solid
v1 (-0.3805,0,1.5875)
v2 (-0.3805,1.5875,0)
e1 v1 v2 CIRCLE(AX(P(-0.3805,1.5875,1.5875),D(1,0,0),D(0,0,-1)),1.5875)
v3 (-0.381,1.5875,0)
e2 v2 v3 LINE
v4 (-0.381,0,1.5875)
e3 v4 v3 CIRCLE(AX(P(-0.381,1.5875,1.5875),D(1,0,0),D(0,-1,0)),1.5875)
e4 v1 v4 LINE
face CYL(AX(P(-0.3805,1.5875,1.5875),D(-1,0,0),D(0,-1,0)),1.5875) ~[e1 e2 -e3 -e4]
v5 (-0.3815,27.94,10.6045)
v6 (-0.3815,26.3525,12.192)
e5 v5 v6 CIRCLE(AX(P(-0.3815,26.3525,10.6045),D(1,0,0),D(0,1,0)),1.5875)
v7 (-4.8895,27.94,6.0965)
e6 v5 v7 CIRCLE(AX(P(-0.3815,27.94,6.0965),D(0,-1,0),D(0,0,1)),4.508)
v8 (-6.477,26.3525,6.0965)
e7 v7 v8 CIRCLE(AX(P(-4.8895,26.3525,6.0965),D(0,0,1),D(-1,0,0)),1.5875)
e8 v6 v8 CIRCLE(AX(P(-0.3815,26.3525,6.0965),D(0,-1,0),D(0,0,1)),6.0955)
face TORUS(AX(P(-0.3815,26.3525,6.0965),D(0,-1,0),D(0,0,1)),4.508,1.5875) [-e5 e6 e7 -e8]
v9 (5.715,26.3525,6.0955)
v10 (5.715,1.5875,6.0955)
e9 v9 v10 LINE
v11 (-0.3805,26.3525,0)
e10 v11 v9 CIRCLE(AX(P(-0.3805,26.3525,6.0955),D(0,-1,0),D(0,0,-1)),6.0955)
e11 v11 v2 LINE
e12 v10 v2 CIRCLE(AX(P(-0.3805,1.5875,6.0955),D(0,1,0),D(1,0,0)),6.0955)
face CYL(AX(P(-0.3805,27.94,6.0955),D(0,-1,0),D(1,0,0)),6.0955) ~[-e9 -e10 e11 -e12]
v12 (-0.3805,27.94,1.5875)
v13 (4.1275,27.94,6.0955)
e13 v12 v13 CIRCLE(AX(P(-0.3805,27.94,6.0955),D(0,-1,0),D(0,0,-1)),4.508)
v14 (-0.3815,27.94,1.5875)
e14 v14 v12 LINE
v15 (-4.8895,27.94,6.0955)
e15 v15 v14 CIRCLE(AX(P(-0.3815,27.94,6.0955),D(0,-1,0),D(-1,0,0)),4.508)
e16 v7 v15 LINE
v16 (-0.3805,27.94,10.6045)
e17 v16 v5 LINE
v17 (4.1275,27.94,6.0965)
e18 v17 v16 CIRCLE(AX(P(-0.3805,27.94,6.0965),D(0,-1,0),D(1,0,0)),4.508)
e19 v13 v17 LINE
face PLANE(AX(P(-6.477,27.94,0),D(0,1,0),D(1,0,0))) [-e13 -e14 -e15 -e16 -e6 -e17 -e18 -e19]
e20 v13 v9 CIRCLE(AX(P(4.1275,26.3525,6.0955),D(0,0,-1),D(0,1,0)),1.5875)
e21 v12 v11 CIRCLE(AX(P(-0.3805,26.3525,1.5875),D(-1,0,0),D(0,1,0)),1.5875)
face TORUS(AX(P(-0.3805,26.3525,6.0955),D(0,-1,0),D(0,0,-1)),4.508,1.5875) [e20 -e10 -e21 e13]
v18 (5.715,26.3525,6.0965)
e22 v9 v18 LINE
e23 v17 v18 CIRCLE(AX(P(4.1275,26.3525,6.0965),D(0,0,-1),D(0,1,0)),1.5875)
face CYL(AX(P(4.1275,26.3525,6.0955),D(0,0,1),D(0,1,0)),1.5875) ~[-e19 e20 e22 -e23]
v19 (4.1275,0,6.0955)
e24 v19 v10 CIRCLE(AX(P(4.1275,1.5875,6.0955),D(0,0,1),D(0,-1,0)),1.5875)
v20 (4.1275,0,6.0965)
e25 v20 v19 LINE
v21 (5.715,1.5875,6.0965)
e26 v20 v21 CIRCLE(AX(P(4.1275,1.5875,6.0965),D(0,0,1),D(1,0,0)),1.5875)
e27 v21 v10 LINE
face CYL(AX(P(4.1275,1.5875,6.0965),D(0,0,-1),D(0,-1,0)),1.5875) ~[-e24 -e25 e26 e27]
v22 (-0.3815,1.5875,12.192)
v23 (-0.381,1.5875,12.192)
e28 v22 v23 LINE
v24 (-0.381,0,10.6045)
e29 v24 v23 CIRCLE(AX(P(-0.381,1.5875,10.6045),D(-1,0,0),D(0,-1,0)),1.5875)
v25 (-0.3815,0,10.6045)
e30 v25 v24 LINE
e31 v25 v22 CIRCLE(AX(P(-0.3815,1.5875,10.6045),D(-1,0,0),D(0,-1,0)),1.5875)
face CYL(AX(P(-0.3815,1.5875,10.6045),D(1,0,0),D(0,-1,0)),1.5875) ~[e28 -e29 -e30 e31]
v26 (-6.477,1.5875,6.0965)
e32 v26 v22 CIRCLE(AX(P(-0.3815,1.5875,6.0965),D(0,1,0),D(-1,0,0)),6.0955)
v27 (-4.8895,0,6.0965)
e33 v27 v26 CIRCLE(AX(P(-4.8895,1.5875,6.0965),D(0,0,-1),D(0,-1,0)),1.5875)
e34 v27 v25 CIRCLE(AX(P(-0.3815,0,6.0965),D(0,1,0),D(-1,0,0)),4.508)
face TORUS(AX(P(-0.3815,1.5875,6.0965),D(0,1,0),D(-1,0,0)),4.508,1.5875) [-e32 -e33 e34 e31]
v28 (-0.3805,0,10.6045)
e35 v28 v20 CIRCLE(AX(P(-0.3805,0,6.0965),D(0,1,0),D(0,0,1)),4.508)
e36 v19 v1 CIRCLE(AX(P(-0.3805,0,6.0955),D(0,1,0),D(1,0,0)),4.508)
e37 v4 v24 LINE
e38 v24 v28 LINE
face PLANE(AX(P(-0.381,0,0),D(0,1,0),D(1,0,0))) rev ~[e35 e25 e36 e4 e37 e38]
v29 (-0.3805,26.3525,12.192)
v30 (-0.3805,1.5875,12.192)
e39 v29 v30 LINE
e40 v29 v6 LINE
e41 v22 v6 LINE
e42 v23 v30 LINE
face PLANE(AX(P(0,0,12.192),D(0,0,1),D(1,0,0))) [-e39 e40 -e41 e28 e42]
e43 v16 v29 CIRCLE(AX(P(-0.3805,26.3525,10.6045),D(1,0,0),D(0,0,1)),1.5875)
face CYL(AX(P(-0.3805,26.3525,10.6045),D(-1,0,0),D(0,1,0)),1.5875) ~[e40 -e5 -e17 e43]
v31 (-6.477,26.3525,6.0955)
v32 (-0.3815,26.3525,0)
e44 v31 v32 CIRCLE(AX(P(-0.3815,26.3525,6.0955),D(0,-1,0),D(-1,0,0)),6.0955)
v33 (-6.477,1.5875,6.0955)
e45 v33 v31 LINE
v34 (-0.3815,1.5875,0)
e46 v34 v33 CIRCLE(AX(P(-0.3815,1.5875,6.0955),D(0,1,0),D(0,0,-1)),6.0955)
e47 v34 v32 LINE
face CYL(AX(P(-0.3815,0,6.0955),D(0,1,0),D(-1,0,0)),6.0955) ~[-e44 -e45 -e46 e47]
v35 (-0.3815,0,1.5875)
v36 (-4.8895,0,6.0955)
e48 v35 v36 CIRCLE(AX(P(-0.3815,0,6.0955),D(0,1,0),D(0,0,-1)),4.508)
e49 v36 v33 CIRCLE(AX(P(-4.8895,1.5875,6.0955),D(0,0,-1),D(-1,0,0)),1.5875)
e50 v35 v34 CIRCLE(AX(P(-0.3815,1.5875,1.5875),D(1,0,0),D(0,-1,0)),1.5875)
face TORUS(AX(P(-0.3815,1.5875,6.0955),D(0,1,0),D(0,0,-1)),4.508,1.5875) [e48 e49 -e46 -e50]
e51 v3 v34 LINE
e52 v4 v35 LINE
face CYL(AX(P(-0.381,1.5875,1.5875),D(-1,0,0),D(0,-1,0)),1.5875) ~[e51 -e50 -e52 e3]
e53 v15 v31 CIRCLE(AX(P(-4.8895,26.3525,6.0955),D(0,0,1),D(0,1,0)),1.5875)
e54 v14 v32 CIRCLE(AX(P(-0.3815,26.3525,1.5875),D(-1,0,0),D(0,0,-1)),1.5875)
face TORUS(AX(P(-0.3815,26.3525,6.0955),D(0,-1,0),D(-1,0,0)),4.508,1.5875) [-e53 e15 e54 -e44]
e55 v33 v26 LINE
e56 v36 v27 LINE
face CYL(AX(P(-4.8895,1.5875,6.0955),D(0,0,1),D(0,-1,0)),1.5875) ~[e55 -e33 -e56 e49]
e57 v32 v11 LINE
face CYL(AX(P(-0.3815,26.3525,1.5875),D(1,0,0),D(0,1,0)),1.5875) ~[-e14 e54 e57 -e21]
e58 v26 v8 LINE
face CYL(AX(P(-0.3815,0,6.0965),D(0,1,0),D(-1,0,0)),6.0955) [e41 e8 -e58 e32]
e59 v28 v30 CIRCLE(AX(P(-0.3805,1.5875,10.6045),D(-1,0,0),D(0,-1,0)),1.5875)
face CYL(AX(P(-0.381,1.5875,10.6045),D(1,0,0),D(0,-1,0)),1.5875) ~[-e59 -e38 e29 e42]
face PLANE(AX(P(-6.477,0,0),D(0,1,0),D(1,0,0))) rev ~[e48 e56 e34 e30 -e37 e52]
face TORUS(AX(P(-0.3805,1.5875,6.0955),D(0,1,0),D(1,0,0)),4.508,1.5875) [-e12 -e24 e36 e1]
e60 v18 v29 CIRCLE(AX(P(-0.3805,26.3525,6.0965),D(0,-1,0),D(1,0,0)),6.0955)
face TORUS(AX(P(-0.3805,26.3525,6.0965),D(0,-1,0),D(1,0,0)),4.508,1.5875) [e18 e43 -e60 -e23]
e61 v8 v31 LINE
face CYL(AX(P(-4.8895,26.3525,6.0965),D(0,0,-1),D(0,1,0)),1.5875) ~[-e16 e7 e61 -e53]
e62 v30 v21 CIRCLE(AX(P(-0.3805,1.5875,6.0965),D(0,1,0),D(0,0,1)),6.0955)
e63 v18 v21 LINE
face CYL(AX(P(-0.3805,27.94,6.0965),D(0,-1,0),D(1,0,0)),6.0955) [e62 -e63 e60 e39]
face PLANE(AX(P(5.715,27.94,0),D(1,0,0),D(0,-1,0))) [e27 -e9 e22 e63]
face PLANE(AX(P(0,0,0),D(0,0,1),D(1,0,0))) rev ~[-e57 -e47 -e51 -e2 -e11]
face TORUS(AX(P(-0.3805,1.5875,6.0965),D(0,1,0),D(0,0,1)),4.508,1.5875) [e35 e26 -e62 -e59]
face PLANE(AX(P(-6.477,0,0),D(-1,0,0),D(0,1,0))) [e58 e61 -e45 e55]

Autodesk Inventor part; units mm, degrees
ref_plane "YZ Plane" through (0, 0, 0) normal (1, 0, 0) x (0, 1, 0)
ref_plane "XZ Plane" through (0, 0, 0) normal (0, 1, 0) x (-1, 0, 0)
ref_plane "XY Plane" through (0, 0, 0) normal (0, 0, 1) x (1, 0, 0)
sketch "Sketch1" plane through (0, 0, 0) normal (0, 0, 1) x (1, 0, 0)
  line L0 (-0.381, -9.136) -> (-0.381, 8.4693)
  line L1 (-6.477, 0) -> (5.715, 0)
  line L2 (-6.477, 0) -> (-6.477, 27.94)
  line L3 (-6.477, 27.94) -> (5.715, 27.94)
  line L4 (5.715, 27.94) -> (5.715, 0)
  point P0 (0, 0)
  dimension "dw" = 12.192
  dimension "d1" = 6.096
  dimension "d2" = 27.94
extrude "Extrusion1" add sketch "Sketch1" along normal blind 12.192
fillet "Fillet1" radius 6.096 4 edges at (5.715, 13.97, 12.192) (5.715, 13.97, 0) (-6.477, 13.97, 0) (-6.477, 13.97, 12.192)
fillet "Fillet2" radius 1.5875 3 edges at (5.715, 27.94, 6.096) (3.9297, 27.94, 10.4067) (-0.381, 27.94, 12.192)
fillet "Fillet3" radius 1.5875 3 edges at (-0.381, 0, 12.192) (3.9297, 0, 10.4067) (5.715, 0, 6.096)
equation "\"d1\" = 0.5 * dw"
equation "\"d3\" = dw"
equation "\"d5\" = 0.5 * dw"
properties part number "dowel"
